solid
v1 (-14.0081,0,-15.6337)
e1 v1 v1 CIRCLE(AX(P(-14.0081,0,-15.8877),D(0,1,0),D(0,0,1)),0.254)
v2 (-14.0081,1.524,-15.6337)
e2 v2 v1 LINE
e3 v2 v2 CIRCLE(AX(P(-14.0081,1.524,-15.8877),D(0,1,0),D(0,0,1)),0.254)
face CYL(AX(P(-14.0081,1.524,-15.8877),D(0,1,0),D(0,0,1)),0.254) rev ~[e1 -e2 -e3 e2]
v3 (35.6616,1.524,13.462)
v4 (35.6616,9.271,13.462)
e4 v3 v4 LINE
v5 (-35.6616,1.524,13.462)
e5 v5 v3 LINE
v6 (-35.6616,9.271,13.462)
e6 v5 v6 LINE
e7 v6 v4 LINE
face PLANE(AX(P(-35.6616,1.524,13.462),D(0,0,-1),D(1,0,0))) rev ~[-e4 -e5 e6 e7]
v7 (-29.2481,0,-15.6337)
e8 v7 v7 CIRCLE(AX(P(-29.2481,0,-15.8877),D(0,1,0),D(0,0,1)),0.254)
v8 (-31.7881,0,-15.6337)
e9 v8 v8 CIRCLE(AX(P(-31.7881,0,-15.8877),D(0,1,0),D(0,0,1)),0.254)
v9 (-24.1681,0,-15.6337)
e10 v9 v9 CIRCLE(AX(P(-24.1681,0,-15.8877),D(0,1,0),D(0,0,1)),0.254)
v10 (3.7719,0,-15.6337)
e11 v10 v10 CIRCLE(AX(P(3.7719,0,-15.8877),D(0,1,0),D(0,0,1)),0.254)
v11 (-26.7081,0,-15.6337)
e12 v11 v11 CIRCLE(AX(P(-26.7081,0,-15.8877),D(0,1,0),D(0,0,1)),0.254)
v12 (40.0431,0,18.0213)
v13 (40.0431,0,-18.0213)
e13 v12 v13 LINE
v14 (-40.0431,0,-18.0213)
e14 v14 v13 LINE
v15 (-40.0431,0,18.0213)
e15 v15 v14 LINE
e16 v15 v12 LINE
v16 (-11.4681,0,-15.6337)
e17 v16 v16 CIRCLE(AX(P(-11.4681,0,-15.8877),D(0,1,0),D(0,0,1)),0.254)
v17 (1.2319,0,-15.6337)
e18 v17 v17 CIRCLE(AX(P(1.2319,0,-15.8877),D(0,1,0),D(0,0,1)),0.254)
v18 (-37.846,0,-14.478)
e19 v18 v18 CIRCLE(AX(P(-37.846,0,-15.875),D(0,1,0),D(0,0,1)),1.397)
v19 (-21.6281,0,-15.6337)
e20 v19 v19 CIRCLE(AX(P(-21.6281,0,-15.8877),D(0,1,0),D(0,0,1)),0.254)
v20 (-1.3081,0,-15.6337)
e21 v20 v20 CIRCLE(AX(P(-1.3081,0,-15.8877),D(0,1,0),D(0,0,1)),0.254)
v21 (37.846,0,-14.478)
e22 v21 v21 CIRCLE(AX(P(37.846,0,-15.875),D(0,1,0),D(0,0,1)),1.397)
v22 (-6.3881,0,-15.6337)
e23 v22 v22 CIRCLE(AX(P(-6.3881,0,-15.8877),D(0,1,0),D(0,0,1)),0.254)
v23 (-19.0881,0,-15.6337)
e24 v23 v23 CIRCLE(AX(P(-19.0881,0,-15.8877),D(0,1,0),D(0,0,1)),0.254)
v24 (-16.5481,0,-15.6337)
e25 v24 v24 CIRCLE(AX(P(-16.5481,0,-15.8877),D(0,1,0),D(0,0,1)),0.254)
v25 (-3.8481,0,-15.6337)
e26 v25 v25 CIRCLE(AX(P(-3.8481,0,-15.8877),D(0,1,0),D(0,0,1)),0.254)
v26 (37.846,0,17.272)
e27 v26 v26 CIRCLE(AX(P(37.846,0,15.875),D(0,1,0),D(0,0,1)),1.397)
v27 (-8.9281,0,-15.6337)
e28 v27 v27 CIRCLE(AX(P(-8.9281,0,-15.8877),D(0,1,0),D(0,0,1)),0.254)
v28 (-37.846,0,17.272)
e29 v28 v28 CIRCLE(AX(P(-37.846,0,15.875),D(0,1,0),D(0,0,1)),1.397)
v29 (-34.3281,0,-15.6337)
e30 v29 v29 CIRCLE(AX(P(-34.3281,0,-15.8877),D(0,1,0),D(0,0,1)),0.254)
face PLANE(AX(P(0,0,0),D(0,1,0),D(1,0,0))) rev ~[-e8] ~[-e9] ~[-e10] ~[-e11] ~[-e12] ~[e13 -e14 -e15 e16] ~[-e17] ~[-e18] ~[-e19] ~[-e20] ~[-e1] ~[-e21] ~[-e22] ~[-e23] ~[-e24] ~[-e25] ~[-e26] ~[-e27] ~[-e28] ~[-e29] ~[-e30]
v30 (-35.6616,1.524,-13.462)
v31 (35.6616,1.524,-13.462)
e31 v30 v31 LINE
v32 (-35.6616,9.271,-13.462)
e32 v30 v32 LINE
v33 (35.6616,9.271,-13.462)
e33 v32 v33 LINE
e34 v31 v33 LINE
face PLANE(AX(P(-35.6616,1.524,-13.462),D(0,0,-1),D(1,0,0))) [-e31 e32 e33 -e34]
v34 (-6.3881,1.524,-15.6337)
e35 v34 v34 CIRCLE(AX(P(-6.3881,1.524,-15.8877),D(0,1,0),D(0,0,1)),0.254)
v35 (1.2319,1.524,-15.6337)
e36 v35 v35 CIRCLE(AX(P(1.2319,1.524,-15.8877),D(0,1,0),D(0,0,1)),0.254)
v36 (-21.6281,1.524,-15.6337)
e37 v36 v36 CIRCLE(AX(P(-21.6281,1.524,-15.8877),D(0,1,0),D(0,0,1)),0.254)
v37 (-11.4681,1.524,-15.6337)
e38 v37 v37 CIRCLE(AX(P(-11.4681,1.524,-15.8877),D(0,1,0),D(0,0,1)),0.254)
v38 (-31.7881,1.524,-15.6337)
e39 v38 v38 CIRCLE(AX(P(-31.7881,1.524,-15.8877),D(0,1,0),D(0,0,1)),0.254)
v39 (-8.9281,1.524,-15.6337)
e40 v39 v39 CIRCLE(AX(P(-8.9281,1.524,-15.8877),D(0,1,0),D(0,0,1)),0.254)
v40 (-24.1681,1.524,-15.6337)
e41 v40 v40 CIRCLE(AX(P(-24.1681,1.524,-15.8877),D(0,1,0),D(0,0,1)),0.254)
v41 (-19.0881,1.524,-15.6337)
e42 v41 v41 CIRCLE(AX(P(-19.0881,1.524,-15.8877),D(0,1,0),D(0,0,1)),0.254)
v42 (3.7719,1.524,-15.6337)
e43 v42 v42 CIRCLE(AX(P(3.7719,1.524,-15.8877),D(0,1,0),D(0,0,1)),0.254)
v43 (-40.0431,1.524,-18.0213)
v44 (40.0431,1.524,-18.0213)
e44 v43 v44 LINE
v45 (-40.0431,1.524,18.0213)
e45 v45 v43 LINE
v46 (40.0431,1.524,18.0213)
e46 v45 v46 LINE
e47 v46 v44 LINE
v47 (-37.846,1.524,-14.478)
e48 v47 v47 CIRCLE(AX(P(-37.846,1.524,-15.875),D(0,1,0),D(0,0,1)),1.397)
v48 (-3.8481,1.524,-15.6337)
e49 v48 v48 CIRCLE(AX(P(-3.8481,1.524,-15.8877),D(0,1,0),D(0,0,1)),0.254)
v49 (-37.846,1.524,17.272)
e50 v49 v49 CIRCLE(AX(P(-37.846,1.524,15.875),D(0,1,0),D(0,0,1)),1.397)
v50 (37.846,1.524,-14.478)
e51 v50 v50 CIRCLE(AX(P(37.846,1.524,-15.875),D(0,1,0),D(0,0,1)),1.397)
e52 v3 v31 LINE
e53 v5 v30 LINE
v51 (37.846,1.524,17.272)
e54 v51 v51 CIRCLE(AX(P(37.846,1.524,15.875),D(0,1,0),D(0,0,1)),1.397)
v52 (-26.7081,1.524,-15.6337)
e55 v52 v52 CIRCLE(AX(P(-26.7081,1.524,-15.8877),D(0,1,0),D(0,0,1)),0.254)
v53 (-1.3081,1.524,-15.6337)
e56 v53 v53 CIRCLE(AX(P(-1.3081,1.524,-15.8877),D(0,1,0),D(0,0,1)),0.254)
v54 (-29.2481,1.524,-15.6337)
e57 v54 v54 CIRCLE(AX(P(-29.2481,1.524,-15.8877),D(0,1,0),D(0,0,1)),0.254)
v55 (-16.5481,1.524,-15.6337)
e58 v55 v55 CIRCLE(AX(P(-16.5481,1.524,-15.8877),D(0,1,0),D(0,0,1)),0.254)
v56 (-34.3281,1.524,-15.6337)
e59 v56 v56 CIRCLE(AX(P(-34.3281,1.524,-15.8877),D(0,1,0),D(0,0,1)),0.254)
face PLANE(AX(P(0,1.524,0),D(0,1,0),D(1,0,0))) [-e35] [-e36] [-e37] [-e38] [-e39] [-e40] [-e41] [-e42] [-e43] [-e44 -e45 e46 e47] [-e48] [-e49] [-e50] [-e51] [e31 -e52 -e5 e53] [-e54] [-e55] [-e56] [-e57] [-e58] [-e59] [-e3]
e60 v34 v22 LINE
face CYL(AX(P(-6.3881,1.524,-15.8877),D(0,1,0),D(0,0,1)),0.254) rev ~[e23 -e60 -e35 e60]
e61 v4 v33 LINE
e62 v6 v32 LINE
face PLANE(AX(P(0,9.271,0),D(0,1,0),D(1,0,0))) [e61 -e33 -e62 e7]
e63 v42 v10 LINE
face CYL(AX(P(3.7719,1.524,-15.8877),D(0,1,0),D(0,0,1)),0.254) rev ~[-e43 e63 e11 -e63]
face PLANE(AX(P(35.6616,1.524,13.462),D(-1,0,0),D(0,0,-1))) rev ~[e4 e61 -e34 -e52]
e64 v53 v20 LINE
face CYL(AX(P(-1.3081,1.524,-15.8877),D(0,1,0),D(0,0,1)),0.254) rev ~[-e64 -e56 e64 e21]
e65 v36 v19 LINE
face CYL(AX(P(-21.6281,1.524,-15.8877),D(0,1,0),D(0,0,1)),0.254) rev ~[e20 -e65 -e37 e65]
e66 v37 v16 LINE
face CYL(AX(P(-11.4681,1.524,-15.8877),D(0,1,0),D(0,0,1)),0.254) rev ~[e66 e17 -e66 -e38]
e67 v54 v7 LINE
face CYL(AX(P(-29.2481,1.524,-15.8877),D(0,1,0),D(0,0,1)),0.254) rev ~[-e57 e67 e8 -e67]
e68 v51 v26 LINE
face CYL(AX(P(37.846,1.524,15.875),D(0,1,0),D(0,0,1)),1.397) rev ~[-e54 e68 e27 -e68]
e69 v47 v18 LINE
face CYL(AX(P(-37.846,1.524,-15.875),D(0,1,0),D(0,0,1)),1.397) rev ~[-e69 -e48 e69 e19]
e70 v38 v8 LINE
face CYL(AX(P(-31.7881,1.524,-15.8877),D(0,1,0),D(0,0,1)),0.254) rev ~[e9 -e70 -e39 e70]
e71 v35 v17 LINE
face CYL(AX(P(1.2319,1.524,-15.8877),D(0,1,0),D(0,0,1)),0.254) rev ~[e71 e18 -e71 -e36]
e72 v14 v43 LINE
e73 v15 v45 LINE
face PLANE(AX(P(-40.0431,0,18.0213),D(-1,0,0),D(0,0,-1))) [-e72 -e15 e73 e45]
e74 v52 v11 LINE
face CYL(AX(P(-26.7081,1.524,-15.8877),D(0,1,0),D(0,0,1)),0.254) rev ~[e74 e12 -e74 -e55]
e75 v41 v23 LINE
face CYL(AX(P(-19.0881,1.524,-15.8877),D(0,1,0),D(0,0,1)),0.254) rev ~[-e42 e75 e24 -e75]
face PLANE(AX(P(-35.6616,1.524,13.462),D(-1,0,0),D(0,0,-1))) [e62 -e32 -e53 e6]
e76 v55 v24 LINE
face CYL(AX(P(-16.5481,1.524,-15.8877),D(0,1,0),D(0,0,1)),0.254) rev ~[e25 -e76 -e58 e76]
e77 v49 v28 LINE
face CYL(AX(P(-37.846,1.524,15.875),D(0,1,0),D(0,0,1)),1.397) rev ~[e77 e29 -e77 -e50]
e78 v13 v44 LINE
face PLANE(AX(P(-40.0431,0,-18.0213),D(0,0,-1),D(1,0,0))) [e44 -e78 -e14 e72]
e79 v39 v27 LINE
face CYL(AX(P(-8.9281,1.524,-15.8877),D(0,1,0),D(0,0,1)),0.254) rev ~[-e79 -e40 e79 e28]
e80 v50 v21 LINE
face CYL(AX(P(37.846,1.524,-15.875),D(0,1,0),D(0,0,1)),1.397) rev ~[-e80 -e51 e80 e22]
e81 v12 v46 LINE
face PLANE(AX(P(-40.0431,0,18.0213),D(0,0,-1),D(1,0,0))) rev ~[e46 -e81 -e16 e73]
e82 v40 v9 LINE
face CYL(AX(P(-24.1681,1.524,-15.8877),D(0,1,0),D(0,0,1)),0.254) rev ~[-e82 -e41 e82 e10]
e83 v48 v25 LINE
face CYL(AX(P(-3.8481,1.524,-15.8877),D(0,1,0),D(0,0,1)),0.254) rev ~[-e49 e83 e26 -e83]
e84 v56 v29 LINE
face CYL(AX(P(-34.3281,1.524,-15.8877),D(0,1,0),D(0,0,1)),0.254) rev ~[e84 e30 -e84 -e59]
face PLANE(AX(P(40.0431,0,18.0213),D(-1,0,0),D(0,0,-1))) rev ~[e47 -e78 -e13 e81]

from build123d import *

# Parameters (mm, degrees)
SKETCH1_W      = 80.0862
SKETCH1_H      = 36.0426
EXTRUDE1_DEPTH = 1.524
SKETCH2_W      = 71.3232
SKETCH2_H      = 26.924
EXTRUDE2_DEPTH = 7.747
SKETCH3_R      = 1.397
EXTRUDE3_DEPTH = 45.589607761
SKETCH4_R      = 0.254
EXTRUDE4_DEPTH = 45.589607761


with BuildPart() as part:
    # Sketch1 → Extrude1 (new body)
    with BuildSketch(Plane(origin=(0, 0, 0), x_dir=(1, 0, 0), z_dir=(0, 1, 0))):
        Rectangle(SKETCH1_W, SKETCH1_H)
    extrude(amount=EXTRUDE1_DEPTH)

    # Sketch2 → Extrude2 (add)
    with BuildSketch(Plane(origin=(0, 1.524, 0), x_dir=(1, 0, 0), z_dir=(0, 1, 0))):
        Rectangle(SKETCH2_W, SKETCH2_H)
    extrude(amount=EXTRUDE2_DEPTH)

    # Sketch3 → Extrude3 (cut, through all)
    with BuildSketch(Plane(origin=(0, 1.524, 0), x_dir=(1, 0, 0), z_dir=(0, 1, 0))):
        with Locations(Location((-37.846, 15.875, 0), (0, 0, 270))):
            Circle(SKETCH3_R)
        with Locations(Location((37.846, 15.875, 0), (0, 0, 270))):
            Circle(SKETCH3_R)
        with Locations(Location((37.846, -15.875, 0), (0, 0, 270))):
            Circle(SKETCH3_R)
        with Locations(Location((-37.846, -15.875, 0), (0, 0, 270))):
            Circle(SKETCH3_R)
    extrude(amount=-EXTRUDE3_DEPTH, mode=Mode.SUBTRACT)

    # Sketch4 → Extrude4 (cut, through all)
    with BuildSketch(Plane(origin=(0, 1.524, 0), x_dir=(1, 0, 0), z_dir=(0, 1, 0))):
        with Locations(Location((-34.3281, 15.8877, 0), (0, 0, 270))):
            Circle(SKETCH4_R)
        with Locations(Location((-31.7881, 15.8877, 0), (0, 0, 270))):
            Circle(SKETCH4_R)
        with Locations(Location((-29.2481, 15.8877, 0), (0, 0, 270))):
            Circle(SKETCH4_R)
        with Locations(Location((-26.7081, 15.8877, 0), (0, 0, 270))):
            Circle(SKETCH4_R)
        with Locations(Location((-24.1681, 15.8877, 0), (0, 0, 270))):
            Circle(SKETCH4_R)
        with Locations(Location((-21.6281, 15.8877, 0), (0, 0, 270))):
            Circle(SKETCH4_R)
        with Locations(Location((-19.0881, 15.8877, 0), (0, 0, 270))):
            Circle(SKETCH4_R)
        with Locations(Location((-16.5481, 15.8877, 0), (0, 0, 270))):
            Circle(SKETCH4_R)
        with Locations(Location((-14.0081, 15.8877, 0), (0, 0, 270))):
            Circle(SKETCH4_R)
        with Locations(Location((-11.4681, 15.8877, 0), (0, 0, 270))):
            Circle(SKETCH4_R)
        with Locations(Location((-8.9281, 15.8877, 0), (0, 0, 270))):
            Circle(SKETCH4_R)
        with Locations(Location((-6.3881, 15.8877, 0), (0, 0, 270))):
            Circle(SKETCH4_R)
        with Locations(Location((-3.8481, 15.8877, 0), (0, 0, 270))):
            Circle(SKETCH4_R)
        with Locations(Location((-1.3081, 15.8877, 0), (0, 0, 270))):
            Circle(SKETCH4_R)
        with Locations(Location((1.2319, 15.8877, 0), (0, 0, 270))):
            Circle(SKETCH4_R)
        with Locations(Location((3.7719, 15.8877, 0), (0, 0, 270))):
            Circle(SKETCH4_R)
    extrude(amount=-EXTRUDE4_DEPTH, mode=Mode.SUBTRACT)


solid = part.part
